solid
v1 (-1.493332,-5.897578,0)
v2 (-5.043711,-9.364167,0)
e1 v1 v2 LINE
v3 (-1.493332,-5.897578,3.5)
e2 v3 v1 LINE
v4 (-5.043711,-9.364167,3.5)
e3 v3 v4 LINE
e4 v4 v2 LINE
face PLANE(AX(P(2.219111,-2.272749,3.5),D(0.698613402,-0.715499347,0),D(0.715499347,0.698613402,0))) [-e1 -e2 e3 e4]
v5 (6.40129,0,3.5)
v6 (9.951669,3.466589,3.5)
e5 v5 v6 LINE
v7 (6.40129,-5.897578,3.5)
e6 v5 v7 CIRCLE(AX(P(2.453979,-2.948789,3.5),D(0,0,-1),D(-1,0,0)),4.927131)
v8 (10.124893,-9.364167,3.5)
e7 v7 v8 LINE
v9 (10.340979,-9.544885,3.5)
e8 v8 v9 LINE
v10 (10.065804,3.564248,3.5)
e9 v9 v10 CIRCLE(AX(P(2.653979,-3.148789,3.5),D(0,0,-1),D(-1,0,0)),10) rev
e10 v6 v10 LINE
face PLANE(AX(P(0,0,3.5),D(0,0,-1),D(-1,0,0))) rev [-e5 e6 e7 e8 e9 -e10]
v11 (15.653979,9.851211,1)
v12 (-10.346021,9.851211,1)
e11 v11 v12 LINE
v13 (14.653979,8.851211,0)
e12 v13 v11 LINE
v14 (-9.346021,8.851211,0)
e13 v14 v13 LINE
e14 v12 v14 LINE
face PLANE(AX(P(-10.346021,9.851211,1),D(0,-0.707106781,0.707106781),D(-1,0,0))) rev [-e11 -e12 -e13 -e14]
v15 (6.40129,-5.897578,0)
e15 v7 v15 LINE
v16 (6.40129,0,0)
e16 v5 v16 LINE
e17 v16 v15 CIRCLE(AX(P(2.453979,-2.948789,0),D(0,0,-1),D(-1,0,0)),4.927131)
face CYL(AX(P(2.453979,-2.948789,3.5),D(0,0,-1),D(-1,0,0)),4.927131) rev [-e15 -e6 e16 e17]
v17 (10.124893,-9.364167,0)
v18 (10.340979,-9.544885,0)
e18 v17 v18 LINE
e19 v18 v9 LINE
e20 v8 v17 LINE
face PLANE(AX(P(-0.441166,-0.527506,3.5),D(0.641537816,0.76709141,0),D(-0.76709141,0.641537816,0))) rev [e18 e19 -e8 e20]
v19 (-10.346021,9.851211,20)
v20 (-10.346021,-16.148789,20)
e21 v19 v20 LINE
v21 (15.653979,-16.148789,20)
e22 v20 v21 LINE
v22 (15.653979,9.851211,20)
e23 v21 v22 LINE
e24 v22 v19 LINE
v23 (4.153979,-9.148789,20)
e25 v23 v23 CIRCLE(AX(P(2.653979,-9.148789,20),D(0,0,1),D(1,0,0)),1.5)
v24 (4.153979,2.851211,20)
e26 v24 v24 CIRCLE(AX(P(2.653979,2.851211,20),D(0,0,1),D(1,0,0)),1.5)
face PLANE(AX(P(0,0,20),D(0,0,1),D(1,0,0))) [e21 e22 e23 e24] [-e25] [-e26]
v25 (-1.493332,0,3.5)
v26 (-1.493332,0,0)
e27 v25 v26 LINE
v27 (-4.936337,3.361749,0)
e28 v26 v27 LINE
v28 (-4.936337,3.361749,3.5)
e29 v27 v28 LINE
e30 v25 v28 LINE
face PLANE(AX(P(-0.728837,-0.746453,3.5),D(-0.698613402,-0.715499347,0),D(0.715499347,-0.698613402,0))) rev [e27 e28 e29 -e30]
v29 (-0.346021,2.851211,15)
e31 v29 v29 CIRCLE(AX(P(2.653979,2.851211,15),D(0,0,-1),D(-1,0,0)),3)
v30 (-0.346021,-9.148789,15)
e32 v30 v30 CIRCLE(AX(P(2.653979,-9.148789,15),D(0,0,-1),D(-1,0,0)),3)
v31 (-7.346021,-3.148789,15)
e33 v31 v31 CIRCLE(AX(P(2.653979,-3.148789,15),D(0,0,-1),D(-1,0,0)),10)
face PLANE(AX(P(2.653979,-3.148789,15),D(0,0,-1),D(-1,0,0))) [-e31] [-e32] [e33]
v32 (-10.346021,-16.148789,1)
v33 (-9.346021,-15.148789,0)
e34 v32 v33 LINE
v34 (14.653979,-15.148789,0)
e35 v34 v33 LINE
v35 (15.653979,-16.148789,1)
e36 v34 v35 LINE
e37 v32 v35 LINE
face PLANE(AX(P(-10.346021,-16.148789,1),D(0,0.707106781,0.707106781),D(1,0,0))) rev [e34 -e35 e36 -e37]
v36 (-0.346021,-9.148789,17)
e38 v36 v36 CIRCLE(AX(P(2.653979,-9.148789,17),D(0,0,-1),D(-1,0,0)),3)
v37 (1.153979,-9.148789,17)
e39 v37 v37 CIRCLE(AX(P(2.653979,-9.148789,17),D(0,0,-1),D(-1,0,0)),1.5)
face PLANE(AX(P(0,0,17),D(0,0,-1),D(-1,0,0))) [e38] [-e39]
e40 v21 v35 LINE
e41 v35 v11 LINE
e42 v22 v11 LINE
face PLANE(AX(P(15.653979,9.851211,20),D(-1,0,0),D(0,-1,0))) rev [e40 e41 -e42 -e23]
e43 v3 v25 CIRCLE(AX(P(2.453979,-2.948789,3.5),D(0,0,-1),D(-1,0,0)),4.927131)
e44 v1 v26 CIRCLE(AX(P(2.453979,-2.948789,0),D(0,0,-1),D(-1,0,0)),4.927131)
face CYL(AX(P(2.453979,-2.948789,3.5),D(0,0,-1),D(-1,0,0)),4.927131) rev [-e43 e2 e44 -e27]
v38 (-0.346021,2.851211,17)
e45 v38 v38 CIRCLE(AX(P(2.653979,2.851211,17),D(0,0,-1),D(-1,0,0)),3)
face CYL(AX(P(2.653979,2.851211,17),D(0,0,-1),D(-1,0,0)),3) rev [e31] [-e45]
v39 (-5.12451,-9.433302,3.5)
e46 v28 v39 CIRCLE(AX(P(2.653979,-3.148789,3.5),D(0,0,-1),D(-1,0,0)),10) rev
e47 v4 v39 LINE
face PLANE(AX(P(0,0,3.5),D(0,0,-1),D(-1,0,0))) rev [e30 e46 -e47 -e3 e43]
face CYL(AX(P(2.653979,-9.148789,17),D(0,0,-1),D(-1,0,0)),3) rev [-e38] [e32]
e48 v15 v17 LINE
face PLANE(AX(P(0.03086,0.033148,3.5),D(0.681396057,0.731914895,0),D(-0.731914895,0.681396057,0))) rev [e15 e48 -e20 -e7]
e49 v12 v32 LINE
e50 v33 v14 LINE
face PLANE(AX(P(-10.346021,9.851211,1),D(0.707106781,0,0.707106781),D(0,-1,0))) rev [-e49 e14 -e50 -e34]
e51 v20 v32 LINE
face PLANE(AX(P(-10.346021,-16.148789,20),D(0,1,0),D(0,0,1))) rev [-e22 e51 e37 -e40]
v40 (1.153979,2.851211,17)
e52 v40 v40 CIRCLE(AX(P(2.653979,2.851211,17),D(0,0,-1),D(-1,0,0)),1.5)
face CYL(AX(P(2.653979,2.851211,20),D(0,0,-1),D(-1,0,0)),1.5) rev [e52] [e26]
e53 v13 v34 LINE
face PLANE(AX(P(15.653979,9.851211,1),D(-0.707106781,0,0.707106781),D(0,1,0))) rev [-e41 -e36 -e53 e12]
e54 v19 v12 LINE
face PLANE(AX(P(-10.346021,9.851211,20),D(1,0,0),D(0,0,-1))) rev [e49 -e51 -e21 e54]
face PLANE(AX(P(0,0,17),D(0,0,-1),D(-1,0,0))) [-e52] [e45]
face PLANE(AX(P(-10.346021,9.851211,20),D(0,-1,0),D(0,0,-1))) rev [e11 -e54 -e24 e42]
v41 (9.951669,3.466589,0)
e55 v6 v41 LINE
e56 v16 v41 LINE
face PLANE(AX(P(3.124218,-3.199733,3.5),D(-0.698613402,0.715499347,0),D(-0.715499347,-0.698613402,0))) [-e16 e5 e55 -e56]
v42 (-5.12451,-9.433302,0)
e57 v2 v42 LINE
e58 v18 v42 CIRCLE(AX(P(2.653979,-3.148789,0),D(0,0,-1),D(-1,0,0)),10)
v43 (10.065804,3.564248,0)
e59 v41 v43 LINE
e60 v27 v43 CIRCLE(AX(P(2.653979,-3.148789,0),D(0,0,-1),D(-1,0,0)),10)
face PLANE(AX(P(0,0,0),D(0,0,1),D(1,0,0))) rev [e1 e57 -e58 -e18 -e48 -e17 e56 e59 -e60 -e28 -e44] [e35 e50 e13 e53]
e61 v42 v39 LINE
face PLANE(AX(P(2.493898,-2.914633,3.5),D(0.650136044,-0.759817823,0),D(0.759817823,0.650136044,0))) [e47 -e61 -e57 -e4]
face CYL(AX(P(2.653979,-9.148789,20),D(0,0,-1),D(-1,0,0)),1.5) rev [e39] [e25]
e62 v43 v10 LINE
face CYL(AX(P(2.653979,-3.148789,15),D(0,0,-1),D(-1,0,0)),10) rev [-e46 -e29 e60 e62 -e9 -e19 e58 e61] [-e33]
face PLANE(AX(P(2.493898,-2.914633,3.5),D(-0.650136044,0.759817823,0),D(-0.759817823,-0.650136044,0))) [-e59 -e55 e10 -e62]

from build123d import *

# Parameters (mm, degrees)
SKETCH1_W           = 26
SKETCH1_H           = 26
SKETCH1_R           = 1.5
BOSS_EXTRUDE1_DEPTH = 20
SKETCH2_R           = 10
SKETCH2_R_2         = 3
CUT_EXTRUDE1_DEPTH  = 15
SKETCH2_7_R         = 3
SKETCH2_7_R_2       = 1.5
CUT_EXTRUDE3_DEPTH  = 17
CHAMFER1_SIZE       = 1
BOSS_EXTRUDE3_DEPTH = 3.5


with BuildPart() as part:
    # Sketch1 → Boss-Extrude1 (new body)
    with BuildSketch(Plane.XY):
        with Locations((2.653979239, -3.148788927)):
            Rectangle(SKETCH1_W, SKETCH1_H)
        with Locations((2.653979239, 2.851211073)):
            Circle(SKETCH1_R, mode=Mode.SUBTRACT)
        with Locations((2.653979239, -9.148788927)):
            Circle(SKETCH1_R, mode=Mode.SUBTRACT)
    extrude(amount=BOSS_EXTRUDE1_DEPTH)

    # Sketch2 → Cut-Extrude1 (cut)
    with BuildSketch(Plane(origin=(0, 0, 0), x_dir=(-1, 0, 0), z_dir=(0, 0, -1))):
        with Locations((-2.653979239, -3.148788927)):
            Circle(SKETCH2_R)
        with Locations((-2.653979239, 2.851211073)):
            Circle(SKETCH2_R_2, mode=Mode.SUBTRACT)
        with Locations((-2.653979239, -9.148788927)):
            Circle(SKETCH2_R_2, mode=Mode.SUBTRACT)
    extrude(amount=-CUT_EXTRUDE1_DEPTH, mode=Mode.SUBTRACT)

    # Sketch2<7> → Cut-Extrude3 (cut)
    # profile 1 of 2: a face of its own
    with BuildSketch(Plane(origin=(0, 0, 0), x_dir=(-1, 0, 0), z_dir=(0, 0, -1))):
        with Locations((-2.653979239, 2.851211073)):
            Circle(SKETCH2_7_R)
        with Locations((-2.653979239, 2.851211073)):
            Circle(SKETCH2_7_R_2, mode=Mode.SUBTRACT)
    # profile 2 of 2: a face of its own
    with BuildSketch(Plane(origin=(0, 0, 0), x_dir=(-1, 0, 0), z_dir=(0, 0, -1))):
        with Locations((-2.653979239, -9.148788927)):
            Circle(SKETCH2_7_R)
        with Locations((-2.653979239, -9.148788927)):
            Circle(SKETCH2_7_R_2, mode=Mode.SUBTRACT)
    extrude(amount=-CUT_EXTRUDE3_DEPTH, mode=Mode.SUBTRACT)

    # Chamfer1
    chamfer1_edges = [part.edges().sort_by_distance(p)[0] for p in [
        (2.653979239, -16.148788927, 0),
        (-10.346020761, -3.148788927, 0),
        (15.653979239, -3.148788927, 0),
        (2.653979239, 9.851211073, 0),
    ]]
    chamfer(chamfer1_edges, length=CHAMFER1_SIZE)

    # Sketch3 → Boss-Extrude3 (add)
    with BuildSketch(Plane(origin=(0, 0, 0), x_dir=(-1, 0, 0), z_dir=(0, 0, -1))):
        with BuildLine():
            ThreePointArc((-6.401290497, -5.897577855), (-7.381110484, -2.948788927), (-6.401290497, 0))
            Line((-6.401290497, 0), (-9.951669468, 3.466589231))
            Line((-9.951669468, 3.466589231), (-10.43206638, 3.877639536))
            ThreePointArc((-10.43206638, 3.877639536), (-12.953812767, -2.889662973), (-10.508439041, -9.684935993))
            Line((-10.508439041, -9.684935993), (-10.124893336, -9.364167085))
            Line((-10.124893336, -9.364167085), (-6.401290497, -5.897577855))
        make_face()
        with BuildLine():
            Line((5.043710991, 3.466589231), (1.49333202, 0))
            ThreePointArc((1.49333202, 0), (2.473152007, -2.948788927), (1.49333202, -5.897577855))
            Line((1.49333202, -5.897577855), (5.043710991, -9.364167085))
            Line((5.043710991, -9.364167085), (5.524107903, -9.77521739))
            ThreePointArc((5.524107903, -9.77521739), (8.045991974, -2.924201539), (5.492050202, 3.914928442))
            Line((5.492050202, 3.914928442), (5.043710991, 3.466589231))
        make_face()
    extrude(amount=-BOSS_EXTRUDE3_DEPTH)


solid = part.part
